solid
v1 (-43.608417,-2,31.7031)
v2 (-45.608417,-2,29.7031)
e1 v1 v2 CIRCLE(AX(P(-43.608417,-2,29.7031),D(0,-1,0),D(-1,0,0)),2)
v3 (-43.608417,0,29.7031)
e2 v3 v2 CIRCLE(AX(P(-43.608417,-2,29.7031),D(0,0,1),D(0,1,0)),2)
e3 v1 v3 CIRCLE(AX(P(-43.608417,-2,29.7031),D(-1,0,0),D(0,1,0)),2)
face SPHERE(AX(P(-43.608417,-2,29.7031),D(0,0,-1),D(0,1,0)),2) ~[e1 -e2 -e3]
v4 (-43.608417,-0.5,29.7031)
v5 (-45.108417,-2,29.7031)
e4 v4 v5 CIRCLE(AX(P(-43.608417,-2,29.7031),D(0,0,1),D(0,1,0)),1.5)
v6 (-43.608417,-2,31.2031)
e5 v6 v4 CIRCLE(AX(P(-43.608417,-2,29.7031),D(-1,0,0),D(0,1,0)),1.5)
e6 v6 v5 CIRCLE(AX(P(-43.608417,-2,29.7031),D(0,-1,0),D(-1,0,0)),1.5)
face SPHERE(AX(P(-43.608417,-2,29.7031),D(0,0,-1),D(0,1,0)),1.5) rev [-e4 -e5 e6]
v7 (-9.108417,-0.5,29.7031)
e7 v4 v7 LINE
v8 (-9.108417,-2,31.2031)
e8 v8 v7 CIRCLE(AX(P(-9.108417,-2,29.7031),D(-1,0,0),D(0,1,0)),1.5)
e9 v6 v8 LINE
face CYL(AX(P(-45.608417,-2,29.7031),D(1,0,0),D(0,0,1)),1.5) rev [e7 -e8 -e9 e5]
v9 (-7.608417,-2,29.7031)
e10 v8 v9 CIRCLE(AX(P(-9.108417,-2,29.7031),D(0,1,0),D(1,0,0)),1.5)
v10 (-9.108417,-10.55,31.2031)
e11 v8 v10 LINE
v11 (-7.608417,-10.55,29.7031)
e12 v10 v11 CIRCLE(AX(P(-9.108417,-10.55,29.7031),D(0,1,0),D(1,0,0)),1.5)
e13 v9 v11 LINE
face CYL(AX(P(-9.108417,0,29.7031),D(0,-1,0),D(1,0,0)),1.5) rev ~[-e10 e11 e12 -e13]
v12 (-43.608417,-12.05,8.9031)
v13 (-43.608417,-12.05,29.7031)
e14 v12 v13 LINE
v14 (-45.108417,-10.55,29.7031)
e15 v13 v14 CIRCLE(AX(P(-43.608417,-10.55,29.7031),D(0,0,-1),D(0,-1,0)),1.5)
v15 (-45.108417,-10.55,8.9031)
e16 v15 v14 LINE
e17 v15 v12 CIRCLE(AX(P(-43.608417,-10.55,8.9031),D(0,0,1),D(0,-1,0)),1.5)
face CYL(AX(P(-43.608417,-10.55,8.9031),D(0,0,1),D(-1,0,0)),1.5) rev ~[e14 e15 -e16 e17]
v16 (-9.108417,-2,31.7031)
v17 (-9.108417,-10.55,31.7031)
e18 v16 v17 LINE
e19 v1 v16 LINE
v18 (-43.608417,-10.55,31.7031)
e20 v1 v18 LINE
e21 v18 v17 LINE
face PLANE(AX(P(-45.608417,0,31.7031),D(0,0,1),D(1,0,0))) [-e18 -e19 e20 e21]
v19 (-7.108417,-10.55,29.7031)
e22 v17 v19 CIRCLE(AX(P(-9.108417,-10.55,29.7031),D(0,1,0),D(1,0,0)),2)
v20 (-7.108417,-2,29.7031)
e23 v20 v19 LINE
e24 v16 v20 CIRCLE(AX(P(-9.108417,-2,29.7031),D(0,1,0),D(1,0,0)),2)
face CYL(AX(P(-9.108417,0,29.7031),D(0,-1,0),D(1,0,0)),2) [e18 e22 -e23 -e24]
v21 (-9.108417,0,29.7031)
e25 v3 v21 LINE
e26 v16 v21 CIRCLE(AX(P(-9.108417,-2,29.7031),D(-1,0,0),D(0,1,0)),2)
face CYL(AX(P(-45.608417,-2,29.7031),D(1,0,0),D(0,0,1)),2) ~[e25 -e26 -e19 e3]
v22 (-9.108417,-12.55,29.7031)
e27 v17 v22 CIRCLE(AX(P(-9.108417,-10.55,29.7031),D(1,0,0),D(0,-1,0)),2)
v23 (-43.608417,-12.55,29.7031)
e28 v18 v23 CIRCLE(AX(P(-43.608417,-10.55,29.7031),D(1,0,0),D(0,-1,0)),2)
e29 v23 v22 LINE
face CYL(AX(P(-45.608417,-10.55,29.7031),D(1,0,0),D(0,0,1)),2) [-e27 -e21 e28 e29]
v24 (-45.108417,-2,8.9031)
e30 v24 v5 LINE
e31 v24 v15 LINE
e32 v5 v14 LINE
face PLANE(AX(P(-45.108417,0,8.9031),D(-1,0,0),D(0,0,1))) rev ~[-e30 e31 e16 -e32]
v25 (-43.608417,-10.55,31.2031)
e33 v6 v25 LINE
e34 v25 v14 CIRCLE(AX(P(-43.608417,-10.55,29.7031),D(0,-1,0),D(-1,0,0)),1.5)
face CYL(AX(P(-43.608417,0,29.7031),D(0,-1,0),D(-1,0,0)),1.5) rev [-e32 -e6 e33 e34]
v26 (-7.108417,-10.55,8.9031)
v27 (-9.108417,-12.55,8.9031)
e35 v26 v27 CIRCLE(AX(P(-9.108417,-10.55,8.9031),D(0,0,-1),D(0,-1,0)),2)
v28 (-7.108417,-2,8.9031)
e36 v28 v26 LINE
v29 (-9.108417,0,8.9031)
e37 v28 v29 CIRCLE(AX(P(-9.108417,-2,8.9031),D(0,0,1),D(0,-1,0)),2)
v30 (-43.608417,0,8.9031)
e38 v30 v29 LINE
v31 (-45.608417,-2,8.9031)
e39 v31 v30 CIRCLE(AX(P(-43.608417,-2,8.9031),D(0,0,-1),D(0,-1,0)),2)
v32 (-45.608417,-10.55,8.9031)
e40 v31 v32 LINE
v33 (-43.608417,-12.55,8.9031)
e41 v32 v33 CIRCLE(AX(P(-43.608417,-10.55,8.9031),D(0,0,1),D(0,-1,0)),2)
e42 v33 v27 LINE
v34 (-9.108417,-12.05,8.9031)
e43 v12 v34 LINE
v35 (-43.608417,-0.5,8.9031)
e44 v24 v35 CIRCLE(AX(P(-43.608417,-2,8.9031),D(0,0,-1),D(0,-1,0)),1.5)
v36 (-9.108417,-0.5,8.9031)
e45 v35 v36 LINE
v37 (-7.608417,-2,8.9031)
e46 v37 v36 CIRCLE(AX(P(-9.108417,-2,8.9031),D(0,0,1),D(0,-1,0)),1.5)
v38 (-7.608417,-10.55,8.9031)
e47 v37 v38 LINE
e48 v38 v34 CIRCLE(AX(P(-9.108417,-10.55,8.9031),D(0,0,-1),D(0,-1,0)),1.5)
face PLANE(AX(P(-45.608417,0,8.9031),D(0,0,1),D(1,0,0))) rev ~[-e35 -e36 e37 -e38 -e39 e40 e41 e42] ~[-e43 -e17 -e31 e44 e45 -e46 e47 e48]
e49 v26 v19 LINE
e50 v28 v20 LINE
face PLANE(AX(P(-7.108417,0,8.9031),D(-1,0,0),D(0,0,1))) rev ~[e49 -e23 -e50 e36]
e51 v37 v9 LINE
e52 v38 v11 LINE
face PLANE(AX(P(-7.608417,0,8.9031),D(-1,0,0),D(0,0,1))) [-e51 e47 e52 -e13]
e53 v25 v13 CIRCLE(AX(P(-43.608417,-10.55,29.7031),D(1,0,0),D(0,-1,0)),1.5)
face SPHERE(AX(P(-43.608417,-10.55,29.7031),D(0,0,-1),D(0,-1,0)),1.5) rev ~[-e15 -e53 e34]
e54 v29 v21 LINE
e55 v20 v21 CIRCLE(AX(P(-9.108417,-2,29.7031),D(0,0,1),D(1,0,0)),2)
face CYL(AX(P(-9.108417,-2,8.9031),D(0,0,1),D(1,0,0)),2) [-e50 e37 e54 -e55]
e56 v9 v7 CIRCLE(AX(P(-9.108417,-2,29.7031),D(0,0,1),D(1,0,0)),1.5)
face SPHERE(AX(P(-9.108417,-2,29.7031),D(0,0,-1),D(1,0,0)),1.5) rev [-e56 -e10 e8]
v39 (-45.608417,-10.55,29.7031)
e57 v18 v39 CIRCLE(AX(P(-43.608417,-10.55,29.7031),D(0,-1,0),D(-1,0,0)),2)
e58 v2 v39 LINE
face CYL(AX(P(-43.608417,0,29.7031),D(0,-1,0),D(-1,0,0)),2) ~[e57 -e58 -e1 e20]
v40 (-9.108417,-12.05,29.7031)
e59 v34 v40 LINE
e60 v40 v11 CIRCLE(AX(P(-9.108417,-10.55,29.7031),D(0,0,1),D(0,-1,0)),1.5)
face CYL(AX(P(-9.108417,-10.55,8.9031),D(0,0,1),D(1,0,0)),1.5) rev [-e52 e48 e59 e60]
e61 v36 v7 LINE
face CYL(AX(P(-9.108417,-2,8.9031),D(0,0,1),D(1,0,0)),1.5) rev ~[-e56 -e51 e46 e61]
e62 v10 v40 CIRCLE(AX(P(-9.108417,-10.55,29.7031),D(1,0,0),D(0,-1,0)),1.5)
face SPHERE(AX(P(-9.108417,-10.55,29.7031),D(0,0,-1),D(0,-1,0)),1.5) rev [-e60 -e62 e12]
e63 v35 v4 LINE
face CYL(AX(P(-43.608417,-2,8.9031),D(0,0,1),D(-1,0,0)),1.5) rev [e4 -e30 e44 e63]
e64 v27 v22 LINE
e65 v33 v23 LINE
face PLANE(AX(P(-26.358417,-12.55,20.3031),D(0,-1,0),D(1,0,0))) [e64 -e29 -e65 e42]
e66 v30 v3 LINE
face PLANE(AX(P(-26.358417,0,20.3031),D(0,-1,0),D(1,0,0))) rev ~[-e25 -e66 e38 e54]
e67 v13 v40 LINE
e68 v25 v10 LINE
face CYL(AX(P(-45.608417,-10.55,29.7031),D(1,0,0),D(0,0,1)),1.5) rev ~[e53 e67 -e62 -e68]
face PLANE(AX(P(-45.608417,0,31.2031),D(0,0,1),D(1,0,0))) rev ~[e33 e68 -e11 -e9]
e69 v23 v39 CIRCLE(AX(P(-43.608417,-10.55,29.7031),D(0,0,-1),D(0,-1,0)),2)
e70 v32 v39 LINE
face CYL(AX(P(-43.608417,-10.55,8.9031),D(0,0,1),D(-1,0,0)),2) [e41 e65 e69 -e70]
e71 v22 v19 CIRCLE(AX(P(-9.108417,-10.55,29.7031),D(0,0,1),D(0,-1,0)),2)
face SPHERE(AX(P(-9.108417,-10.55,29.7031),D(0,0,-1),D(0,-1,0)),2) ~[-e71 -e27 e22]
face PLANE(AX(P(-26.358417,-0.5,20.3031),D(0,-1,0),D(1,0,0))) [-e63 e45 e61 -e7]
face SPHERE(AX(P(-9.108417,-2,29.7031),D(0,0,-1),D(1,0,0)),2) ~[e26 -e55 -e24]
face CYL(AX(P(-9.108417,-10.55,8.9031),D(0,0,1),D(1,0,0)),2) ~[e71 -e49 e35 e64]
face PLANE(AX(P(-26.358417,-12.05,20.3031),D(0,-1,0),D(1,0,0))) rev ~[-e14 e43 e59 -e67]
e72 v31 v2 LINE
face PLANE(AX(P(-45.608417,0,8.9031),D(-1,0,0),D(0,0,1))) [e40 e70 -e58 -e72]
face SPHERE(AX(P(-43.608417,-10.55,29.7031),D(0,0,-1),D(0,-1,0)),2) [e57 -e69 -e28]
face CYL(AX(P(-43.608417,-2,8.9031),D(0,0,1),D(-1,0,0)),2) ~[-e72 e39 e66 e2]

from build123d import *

# Parameters (mm, degrees)
F0_W     = 38.5
F0_H     = 22.8
F1_DEPTH = 12.55
F2_R     = 2
F3_T     = -0.5


with BuildPart() as f1:
    # F0 (on Front) → F1 (new body)
    with BuildSketch(Plane.XZ):
        with Locations((-26.358417, 20.3031)):
            Rectangle(F0_W, F0_H)
    extrude(amount=F1_DEPTH)

    # F2
    f2_edges = [f1.edges().sort_by_distance(p)[0] for p in [
        (-45.608417, -12.55, 20.3031),
        (-45.608417, 0, 20.3031),
        (-7.108417, -12.55, 20.3031),
        (-7.108417, 0, 20.3031),
        (-26.358417, -12.55, 31.7031),
        (-7.108417, -6.275, 31.7031),
        (-26.358417, 0, 31.7031),
        (-45.608417, -6.275, 31.7031),
    ]]
    fillet(f2_edges, radius=F2_R)

    # F3
    f3_openings = [f1.faces().sort_by_distance(p)[0] for p in [
        (-26.358417, -6.275, 8.9031),
    ]]
    offset(amount=F3_T, openings=f3_openings)


solid = f1.part
